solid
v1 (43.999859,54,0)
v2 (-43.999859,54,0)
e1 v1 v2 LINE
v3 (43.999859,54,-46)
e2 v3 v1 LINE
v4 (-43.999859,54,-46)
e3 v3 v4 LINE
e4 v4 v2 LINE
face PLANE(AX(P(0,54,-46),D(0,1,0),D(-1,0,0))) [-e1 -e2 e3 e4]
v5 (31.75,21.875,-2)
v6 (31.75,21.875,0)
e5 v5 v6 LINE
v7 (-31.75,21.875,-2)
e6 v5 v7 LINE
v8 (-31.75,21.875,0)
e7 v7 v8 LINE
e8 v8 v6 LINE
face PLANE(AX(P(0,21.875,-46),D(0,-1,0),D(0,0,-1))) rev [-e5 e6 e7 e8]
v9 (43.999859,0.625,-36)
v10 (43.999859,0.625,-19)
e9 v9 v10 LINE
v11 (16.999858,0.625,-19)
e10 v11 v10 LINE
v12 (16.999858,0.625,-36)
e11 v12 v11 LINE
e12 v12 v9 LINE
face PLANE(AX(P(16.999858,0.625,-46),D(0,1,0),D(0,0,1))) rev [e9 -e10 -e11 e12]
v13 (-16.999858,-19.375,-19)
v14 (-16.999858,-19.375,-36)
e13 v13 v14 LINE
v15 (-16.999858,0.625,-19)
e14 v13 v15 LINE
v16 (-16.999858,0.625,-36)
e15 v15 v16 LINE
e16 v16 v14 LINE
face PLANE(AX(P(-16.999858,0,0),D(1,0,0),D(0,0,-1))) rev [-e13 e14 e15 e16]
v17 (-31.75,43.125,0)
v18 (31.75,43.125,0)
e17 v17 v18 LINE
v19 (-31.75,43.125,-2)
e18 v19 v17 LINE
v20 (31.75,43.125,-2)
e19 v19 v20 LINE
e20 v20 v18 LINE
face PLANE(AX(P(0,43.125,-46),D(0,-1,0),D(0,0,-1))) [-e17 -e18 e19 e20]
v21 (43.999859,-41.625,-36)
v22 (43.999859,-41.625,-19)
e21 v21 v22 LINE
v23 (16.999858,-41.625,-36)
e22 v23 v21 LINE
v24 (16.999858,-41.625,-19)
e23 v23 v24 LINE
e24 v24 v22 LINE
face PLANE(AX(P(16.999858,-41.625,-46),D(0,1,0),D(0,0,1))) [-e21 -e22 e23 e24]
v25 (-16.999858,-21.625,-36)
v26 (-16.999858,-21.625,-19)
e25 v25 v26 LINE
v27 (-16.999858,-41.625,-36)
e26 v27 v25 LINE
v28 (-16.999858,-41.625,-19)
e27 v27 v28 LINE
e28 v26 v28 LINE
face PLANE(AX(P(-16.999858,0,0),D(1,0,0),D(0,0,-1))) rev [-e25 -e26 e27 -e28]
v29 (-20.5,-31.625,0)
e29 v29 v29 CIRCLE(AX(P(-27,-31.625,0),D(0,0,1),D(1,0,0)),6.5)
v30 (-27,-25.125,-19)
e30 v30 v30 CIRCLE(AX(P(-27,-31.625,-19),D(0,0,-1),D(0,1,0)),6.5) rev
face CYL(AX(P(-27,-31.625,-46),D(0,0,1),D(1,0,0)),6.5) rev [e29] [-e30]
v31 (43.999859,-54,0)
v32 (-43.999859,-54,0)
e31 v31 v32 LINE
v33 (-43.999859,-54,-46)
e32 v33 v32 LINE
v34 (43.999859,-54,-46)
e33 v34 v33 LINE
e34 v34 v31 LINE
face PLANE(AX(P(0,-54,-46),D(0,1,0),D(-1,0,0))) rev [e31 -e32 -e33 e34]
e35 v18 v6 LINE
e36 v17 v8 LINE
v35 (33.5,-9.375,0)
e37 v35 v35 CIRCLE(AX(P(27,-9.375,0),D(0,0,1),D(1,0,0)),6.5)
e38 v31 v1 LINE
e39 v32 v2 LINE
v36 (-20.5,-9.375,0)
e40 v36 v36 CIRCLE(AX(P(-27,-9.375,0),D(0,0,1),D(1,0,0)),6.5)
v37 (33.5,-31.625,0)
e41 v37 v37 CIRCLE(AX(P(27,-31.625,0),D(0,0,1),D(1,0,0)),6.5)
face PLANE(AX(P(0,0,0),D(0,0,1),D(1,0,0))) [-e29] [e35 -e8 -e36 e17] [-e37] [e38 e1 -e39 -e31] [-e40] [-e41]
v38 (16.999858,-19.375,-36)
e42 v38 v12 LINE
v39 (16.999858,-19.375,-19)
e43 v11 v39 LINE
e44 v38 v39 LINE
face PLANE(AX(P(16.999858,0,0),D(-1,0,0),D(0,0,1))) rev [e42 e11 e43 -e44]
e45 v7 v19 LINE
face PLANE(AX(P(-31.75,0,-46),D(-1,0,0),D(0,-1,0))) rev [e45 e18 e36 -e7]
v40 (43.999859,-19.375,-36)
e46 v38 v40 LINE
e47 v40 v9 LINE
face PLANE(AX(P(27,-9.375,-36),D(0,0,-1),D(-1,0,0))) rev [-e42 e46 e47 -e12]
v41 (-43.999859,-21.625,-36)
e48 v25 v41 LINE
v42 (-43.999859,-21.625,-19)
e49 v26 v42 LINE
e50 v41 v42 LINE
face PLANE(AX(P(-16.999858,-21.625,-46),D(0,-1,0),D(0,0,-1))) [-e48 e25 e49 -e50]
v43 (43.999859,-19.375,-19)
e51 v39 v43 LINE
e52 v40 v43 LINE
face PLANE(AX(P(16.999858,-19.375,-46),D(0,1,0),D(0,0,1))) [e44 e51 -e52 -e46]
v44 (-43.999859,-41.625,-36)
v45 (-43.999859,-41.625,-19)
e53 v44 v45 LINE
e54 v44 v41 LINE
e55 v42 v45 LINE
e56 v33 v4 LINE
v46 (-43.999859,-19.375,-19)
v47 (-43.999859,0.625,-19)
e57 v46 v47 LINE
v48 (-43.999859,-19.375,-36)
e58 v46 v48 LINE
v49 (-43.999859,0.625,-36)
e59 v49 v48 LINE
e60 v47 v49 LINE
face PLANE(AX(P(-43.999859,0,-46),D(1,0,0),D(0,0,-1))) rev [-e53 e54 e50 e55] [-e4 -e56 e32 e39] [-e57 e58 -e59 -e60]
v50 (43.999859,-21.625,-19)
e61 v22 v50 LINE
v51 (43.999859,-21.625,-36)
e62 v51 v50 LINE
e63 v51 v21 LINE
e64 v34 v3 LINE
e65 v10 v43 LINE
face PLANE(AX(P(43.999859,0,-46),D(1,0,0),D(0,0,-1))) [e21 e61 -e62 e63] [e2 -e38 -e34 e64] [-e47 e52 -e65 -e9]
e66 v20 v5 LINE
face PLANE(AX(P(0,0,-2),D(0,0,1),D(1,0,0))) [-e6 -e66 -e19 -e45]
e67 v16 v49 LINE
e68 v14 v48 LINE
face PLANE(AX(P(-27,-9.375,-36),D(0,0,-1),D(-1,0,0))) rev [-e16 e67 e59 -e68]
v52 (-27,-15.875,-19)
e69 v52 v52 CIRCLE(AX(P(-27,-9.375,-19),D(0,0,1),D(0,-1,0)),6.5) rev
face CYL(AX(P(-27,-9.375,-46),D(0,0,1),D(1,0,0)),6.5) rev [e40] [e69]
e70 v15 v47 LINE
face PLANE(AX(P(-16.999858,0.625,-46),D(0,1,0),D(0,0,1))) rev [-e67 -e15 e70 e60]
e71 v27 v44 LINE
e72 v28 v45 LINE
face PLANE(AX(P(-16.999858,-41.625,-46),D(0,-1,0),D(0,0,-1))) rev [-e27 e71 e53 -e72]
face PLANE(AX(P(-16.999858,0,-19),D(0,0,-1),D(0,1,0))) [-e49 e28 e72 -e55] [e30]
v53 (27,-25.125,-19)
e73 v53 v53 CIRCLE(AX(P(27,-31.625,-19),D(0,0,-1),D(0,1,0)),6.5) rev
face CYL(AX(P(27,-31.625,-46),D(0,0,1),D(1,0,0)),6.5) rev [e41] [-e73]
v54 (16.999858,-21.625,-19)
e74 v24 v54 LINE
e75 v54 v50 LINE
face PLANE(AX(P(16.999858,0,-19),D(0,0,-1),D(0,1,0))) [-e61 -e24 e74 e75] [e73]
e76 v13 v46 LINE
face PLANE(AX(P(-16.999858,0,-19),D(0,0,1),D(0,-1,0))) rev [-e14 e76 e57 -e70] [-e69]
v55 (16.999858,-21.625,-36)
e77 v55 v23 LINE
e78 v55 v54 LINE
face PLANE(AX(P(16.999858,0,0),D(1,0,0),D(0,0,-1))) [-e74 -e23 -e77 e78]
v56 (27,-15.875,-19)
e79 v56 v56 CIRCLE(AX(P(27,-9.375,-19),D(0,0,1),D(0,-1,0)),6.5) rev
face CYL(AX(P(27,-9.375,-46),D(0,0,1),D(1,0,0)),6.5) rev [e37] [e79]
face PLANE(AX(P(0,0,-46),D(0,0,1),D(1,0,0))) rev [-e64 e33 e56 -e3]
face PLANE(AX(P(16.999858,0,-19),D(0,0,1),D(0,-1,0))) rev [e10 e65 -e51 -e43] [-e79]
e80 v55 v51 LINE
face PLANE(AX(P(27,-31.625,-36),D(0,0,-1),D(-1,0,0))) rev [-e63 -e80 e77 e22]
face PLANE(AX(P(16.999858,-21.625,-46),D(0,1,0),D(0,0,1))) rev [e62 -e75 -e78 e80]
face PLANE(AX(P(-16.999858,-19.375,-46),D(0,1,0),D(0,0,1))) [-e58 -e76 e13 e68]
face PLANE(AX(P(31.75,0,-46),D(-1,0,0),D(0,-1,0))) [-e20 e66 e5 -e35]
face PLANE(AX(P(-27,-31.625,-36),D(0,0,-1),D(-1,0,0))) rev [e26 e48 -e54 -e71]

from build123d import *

# Parameters (mm, degrees)
SKETCH2_W           = 87.999717
SKETCH2_H           = 108
SKETCH2_R           = 6.5
SKETCH2_W_2         = 63.5
SKETCH2_H_2         = 21.25
BOSS_EXTRUDE1_DEPTH = 46
SKETCH4_W           = 63.5
SKETCH4_H           = 21.25
BOSS_EXTRUDE2_DEPTH = 44
BOSS_EXTRUDE3_START = -10
SKETCH5_R           = 6.5
BOSS_EXTRUDE3_DEPTH = 10
CUT_EXTRUDE1_START  = 43.999859
SKETCH3_W           = 2
SKETCH3_H           = 20
CUT_EXTRUDE1_DEPTH  = 27
CUT_EXTRUDE2_START  = -43.999859
SKETCH3_3_W         = 2
SKETCH3_3_H         = 20
CUT_EXTRUDE2_DEPTH  = 27


with BuildPart() as part:
    # Sketch2 → Boss-Extrude1 (new body)
    with BuildSketch(Plane.XY):
        Rectangle(SKETCH2_W, SKETCH2_H)
        with Locations((-27, -9.375)):
            Circle(SKETCH2_R, mode=Mode.SUBTRACT)
        with Locations((27, -9.375)):
            Circle(SKETCH2_R, mode=Mode.SUBTRACT)
        with Locations((27, -31.625)):
            Circle(SKETCH2_R, mode=Mode.SUBTRACT)
        with Locations((-27, -31.625)):
            Circle(SKETCH2_R, mode=Mode.SUBTRACT)
        with Locations((0, 32.5)):
            Rectangle(SKETCH2_W_2, SKETCH2_H_2, mode=Mode.SUBTRACT)
    extrude(amount=-BOSS_EXTRUDE1_DEPTH)

    # Sketch4 → Boss-Extrude2 (add)
    with BuildSketch(Plane(origin=(0, 0, -46), x_dir=(-1, 0, 0), z_dir=(0, 0, -1))):
        with Locations((0, 32.5)):
            Rectangle(SKETCH4_W, SKETCH4_H)
    extrude(amount=-BOSS_EXTRUDE2_DEPTH)

    # Sketch5 → Boss-Extrude3 (add)
    with BuildSketch(Plane(origin=(0, 0, -46), x_dir=(-1, 0, 0), z_dir=(0, 0, -1)).offset(BOSS_EXTRUDE3_START)):
        with Locations(Location((-27, -9.375, 0), (0, 0, 180))):
            Circle(SKETCH5_R)
        with Locations(Location((-27, -31.625, 0), (0, 0, 180))):
            Circle(SKETCH5_R)
        with Locations(Location((27, -31.625, 0), (0, 0, 180))):
            Circle(SKETCH5_R)
        with Locations(Location((27, -9.375, 0), (0, 0, 180))):
            Circle(SKETCH5_R)
    extrude(amount=BOSS_EXTRUDE3_DEPTH)

    # Sketch3 → Cut-Extrude1 (cut)
    with BuildSketch(Plane(origin=(0, 0, 0), x_dir=(0, 0, -1), z_dir=(1, 0, 0)).offset(CUT_EXTRUDE1_START)):
        with BuildLine():
            Line((34, -1.125), (34, 0.625))
            Line((34, 0.625), (19, 0.625))
            Line((19, 0.625), (19, -19.375))
            Line((19, -19.375), (34, -19.375))
            Line((34, -19.375), (34, -17.625))
            ThreePointArc((34, -17.625), (27.5, -9.375), (34, -1.125))
        make_face()
        with Locations((35, -9.375)):
            Rectangle(SKETCH3_W, SKETCH3_H)
        with BuildLine():
            Line((34, -21.625), (19, -21.625))
            Line((19, -21.625), (19, -41.625))
            Line((19, -41.625), (34, -41.625))
            Line((34, -41.625), (34, -39.875))
            ThreePointArc((34, -39.875), (27.5, -31.625), (34, -23.375))
            Line((34, -23.375), (34, -21.625))
        make_face()
        with BuildLine():
            Line((34, -39.875), (34, -23.375))
            ThreePointArc((34, -23.375), (27.5, -31.625), (34, -39.875))
        make_face()
        with Locations((35, -31.625)):
            Rectangle(SKETCH3_W, SKETCH3_H)
        with BuildLine():
            Line((34, -17.625), (34, -1.125))
            ThreePointArc((34, -1.125), (27.5, -9.375), (34, -17.625))
        make_face()
    extrude(amount=-CUT_EXTRUDE1_DEPTH, mode=Mode.SUBTRACT)

    # Sketch3<3> → Cut-Extrude2 (cut)
    with BuildSketch(Plane(origin=(0, 0, 0), x_dir=(0, 0, -1), z_dir=(1, 0, 0)).offset(CUT_EXTRUDE2_START)):
        with BuildLine():
            Line((34, -1.125), (34, 0.625))
            Line((34, 0.625), (19, 0.625))
            Line((19, 0.625), (19, -19.375))
            Line((19, -19.375), (34, -19.375))
            Line((34, -19.375), (34, -17.625))
            ThreePointArc((34, -17.625), (27.5, -9.375), (34, -1.125))
        make_face()
        with BuildLine():
            Line((34, -17.625), (34, -1.125))
            ThreePointArc((34, -1.125), (27.5, -9.375), (34, -17.625))
        make_face()
        with Locations((35, -9.375)):
            Rectangle(SKETCH3_3_W, SKETCH3_3_H)
        with Locations((35, -31.625)):
            Rectangle(SKETCH3_3_W, SKETCH3_3_H)
        with BuildLine():
            Line((34, -39.875), (34, -23.375))
            ThreePointArc((34, -23.375), (27.5, -31.625), (34, -39.875))
        make_face()
        with BuildLine():
            Line((34, -21.625), (19, -21.625))
            Line((19, -21.625), (19, -41.625))
            Line((19, -41.625), (34, -41.625))
            Line((34, -41.625), (34, -39.875))
            ThreePointArc((34, -39.875), (27.5, -31.625), (34, -23.375))
            Line((34, -23.375), (34, -21.625))
        make_face()
    extrude(amount=CUT_EXTRUDE2_DEPTH, mode=Mode.SUBTRACT)


solid = part.part
